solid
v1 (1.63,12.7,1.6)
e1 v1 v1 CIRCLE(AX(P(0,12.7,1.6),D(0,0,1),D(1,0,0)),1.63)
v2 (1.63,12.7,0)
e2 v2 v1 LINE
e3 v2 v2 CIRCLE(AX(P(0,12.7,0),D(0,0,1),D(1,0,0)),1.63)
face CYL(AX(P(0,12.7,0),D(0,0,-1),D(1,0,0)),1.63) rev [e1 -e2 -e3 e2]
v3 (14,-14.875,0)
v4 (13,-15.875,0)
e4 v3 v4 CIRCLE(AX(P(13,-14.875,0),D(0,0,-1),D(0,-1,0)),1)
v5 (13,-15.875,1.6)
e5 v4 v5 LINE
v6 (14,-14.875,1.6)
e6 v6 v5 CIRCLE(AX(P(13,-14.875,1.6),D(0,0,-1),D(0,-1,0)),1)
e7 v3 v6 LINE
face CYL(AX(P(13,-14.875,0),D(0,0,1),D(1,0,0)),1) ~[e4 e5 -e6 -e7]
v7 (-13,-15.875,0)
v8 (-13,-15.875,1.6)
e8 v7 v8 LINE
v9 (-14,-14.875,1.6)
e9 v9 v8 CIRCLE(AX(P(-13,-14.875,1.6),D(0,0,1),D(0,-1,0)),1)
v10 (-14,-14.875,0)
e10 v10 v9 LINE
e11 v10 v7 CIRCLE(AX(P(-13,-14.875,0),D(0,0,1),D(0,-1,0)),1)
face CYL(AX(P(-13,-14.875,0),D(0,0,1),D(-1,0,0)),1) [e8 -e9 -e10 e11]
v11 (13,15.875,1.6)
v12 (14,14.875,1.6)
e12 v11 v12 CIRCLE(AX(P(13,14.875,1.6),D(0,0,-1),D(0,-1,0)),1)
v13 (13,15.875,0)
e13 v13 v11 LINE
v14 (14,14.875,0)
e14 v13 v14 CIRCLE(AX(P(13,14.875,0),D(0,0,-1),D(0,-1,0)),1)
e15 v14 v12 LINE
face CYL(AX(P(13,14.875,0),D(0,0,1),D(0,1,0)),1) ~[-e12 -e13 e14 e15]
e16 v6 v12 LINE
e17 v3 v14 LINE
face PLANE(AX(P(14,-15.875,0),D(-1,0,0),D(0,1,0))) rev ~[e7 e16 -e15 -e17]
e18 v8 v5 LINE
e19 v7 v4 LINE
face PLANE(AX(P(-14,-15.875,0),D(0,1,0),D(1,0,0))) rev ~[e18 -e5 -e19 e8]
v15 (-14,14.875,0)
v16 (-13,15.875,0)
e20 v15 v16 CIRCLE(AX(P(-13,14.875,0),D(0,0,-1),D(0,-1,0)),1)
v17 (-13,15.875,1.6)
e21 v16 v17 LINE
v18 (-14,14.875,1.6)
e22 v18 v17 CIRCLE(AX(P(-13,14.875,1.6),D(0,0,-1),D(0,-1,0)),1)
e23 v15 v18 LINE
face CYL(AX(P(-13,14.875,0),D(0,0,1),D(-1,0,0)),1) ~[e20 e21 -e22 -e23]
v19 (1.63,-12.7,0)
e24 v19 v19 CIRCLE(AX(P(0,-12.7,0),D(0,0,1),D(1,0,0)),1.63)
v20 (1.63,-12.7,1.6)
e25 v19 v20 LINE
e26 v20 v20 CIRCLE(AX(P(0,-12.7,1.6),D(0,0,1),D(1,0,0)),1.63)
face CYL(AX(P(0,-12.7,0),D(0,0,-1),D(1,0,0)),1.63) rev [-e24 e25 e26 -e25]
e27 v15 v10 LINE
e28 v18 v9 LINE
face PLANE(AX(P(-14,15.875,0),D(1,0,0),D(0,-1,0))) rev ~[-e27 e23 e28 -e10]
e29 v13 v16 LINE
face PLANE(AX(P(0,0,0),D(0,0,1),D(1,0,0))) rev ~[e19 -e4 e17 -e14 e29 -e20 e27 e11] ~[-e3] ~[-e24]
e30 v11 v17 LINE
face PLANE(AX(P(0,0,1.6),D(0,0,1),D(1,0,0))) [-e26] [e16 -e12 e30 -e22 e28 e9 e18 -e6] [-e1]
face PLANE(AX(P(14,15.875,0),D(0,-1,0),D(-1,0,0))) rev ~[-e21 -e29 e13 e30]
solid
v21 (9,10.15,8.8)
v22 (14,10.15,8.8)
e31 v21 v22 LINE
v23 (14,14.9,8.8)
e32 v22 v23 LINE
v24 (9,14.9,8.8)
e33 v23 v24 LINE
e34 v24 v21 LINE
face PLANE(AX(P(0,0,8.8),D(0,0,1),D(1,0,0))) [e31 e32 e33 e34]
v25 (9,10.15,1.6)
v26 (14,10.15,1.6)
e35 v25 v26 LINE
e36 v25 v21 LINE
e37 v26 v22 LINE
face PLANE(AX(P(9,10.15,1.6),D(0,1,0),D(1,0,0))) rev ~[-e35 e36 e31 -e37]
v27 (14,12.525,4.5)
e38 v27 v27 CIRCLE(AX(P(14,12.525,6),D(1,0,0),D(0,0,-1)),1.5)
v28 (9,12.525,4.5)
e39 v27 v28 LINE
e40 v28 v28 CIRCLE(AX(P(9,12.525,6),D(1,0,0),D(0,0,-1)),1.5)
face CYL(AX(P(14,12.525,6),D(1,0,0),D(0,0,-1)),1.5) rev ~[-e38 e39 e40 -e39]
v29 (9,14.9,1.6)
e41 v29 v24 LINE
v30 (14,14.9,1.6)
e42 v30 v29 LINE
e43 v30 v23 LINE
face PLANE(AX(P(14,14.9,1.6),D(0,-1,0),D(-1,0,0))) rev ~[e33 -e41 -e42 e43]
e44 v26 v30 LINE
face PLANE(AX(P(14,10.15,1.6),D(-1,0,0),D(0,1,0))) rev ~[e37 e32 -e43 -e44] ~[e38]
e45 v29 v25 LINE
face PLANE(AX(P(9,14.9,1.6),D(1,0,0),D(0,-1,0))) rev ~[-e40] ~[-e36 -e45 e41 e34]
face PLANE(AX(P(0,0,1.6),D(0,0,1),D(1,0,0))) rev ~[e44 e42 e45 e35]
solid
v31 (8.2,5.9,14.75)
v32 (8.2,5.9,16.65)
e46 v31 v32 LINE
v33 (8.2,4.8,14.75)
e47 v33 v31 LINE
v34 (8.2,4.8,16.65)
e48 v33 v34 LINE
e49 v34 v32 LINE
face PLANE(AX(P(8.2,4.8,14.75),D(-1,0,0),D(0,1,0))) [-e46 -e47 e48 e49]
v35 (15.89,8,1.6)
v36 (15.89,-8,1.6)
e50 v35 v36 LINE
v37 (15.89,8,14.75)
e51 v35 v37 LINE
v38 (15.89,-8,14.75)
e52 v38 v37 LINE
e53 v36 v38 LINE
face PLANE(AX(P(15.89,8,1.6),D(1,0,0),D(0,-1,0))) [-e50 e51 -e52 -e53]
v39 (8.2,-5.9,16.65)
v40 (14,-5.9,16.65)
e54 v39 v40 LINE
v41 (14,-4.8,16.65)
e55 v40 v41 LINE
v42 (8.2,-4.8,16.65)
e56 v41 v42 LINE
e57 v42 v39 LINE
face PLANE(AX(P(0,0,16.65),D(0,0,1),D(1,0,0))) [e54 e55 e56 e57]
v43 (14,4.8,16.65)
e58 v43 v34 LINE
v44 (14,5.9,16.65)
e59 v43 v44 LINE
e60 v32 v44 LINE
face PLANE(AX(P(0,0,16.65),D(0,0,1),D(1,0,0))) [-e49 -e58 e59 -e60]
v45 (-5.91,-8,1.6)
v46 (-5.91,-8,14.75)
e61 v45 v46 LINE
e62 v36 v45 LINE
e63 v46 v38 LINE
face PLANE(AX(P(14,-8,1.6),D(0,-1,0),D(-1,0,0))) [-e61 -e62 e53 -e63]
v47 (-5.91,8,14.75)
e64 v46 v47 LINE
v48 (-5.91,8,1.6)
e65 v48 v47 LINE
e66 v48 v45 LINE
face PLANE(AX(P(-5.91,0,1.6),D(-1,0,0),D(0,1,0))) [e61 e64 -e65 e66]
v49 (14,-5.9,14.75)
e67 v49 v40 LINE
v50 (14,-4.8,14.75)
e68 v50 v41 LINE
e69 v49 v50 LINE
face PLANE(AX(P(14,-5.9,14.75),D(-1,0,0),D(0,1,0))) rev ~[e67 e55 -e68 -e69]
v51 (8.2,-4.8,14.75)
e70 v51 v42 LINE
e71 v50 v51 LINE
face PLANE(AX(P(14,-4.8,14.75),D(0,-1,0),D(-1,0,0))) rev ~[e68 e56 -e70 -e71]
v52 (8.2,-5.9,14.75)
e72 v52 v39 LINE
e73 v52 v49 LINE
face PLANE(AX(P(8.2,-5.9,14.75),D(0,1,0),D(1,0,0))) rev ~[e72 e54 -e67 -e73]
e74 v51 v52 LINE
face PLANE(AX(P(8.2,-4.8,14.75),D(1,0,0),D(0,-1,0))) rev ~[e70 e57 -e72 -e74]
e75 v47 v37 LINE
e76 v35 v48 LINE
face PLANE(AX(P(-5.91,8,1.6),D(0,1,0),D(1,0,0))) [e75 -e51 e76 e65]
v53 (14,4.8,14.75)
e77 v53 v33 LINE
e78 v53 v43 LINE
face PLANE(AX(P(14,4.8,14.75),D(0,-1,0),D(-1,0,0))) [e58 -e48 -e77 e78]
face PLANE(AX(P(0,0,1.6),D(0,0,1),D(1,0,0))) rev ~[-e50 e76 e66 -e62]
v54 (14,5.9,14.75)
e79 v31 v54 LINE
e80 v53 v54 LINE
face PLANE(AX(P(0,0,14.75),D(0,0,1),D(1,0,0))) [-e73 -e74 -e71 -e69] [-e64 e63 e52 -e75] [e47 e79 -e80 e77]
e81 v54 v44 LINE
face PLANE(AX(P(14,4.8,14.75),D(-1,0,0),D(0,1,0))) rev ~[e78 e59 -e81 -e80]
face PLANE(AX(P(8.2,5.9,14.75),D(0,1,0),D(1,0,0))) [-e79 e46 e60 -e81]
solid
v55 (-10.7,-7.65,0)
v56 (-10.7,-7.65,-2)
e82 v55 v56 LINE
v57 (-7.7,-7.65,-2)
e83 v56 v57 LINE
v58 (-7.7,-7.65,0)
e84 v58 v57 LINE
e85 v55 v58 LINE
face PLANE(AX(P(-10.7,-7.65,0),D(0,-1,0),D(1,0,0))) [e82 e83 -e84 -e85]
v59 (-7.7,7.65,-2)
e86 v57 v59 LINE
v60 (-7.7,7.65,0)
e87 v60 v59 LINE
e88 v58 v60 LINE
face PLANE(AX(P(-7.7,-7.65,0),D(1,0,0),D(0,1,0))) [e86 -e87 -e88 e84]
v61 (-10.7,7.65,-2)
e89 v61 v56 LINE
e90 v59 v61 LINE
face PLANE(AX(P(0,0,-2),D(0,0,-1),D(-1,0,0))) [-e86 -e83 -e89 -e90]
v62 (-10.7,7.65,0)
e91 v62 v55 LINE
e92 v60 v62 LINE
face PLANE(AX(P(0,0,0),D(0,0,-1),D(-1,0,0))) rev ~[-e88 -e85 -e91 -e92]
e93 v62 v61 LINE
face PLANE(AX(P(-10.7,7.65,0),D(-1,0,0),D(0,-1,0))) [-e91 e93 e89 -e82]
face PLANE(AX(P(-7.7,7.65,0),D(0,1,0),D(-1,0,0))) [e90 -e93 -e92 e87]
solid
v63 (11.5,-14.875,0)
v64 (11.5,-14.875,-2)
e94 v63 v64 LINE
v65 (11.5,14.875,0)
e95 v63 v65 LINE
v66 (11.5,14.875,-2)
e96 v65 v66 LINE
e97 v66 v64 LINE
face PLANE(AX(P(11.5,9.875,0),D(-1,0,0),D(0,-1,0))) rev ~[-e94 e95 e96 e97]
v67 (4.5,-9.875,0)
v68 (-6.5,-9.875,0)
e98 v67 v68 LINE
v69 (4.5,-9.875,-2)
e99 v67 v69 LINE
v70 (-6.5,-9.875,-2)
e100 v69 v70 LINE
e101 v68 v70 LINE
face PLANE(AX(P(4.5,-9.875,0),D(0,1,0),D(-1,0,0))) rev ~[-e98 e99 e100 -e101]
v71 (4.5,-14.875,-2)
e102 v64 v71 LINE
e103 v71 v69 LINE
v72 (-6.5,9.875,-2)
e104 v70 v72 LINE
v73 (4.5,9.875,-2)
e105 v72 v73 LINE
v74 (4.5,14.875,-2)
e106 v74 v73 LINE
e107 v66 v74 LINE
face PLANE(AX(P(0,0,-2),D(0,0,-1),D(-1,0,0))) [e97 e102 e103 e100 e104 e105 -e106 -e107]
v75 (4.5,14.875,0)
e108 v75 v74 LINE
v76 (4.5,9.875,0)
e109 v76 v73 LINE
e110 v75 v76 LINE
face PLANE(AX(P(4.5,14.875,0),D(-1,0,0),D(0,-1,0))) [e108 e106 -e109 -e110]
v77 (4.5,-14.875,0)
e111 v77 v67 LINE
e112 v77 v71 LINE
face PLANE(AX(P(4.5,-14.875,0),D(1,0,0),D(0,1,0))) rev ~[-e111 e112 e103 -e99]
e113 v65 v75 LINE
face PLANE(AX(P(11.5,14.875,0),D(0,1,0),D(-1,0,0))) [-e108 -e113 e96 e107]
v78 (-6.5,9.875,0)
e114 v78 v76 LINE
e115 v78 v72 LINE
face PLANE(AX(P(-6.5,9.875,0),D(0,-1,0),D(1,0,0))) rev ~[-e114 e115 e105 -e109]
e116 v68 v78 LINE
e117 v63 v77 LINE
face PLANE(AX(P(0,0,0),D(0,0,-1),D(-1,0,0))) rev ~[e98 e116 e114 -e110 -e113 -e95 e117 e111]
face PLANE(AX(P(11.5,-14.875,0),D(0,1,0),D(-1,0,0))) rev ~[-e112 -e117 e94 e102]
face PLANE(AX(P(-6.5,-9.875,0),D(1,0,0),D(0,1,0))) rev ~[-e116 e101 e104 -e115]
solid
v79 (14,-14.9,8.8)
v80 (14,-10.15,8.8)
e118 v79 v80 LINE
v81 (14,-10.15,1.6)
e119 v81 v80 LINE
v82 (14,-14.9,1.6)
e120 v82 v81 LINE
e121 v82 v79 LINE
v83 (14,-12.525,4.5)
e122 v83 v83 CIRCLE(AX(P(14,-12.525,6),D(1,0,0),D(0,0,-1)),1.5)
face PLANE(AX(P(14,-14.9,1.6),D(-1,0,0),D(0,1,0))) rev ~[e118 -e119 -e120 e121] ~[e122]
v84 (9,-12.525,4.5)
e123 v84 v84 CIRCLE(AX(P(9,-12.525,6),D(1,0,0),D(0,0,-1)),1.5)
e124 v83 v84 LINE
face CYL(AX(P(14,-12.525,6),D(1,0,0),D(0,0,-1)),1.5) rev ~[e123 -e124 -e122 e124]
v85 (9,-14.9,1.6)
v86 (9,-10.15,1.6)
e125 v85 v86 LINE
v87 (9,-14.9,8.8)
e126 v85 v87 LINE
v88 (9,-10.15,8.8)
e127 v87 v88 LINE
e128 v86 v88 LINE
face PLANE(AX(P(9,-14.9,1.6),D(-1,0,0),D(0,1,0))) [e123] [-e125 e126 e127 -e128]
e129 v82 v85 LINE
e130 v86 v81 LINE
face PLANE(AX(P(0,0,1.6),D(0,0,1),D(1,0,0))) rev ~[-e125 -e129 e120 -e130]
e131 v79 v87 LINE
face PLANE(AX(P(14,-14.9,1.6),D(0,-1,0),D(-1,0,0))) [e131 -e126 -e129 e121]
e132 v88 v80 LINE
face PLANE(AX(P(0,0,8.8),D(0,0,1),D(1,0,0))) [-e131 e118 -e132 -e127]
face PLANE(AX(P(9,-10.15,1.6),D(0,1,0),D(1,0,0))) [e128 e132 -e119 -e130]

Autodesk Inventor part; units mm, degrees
ref_plane "YZ Plane" through (0, 0, 0) normal (1, 0, 0) x (0, 1, 0)
ref_plane "XZ Plane" through (0, 0, 0) normal (0, 1, 0) x (-1, 0, 0)
ref_plane "XY Plane" through (0, 0, 0) normal (0, 0, 1) x (1, 0, 0)
sketch "Sketch1" plane through (0, 0, 0) normal (0, 0, 1) x (1, 0, 0)
  line L0 (-14, -15.875) -> (14, -15.875)
  line L1 (14, -15.875) -> (14, 15.875)
  line L2 (14, 15.875) -> (-14, 15.875)
  line L3 (-14, 15.875) -> (-14, -15.875)
  line L4 (-14, -15.875) -> (14, 15.875) construction
  line L5 (14, -15.875) -> (-14, 15.875) construction
  line L6 (0, 22.225) -> (0, -22.225) construction
  circle A0 centre (0, 12.7) radius 1.63
  line L7 (-19.6, 0) -> (19.6, 0) construction
  circle A1 centre (0, -12.7) radius 1.63
  point P0 (0, 0)
  dimension "d0" = 28
  dimension "d1" = 31.75
  dimension "d2" = 25.4
  dimension "d3" = 3.26
extrude "Extrusion1" add sketch "Sketch1" along normal blind 1.6
sketch "Sketch2" plane through (0, 0, 1.6) normal (0, 0, 1) x (1, 0, 0)
  line L0 (-19.978, 0) -> (21.868, 0) projected
  line L1 (-5.91, 8) -> (15.89, 8)
  line L2 (15.89, 8) -> (15.89, -8)
  line L3 (15.89, -8) -> (-5.91, -8)
  line L4 (-5.91, -8) -> (-5.91, 8)
  line L5 (-5.91, 8) -> (15.89, -8) construction
  line L6 (15.89, 8) -> (-5.91, -8) construction
  line L7 (14, -15.875) -> (14, 15.875) projected
  point P0 (0, 0)
  point P1 (4.99, 0)
  point P2 (14, -8)
  point P3 (14, 8)
  dimension "d6" = 16
  dimension "d7" = 21.8
  dimension "d8" = 1.89
extrude "Extrusion2" add sketch "Sketch2" along normal blind 13.15 separate body
sketch "Sketch3" plane through (0, 0, 14.75) normal (0, 0, 1) x (1, 0, 0)
  line L0 (14, 8) -> (-5.91, 8) projected
  line L1 (-5.91, 8) -> (-5.91, -8) projected
  line L2 (-5.91, -8) -> (14, -8) projected
  line L3 (14, -8) -> (14, 8) projected
  line L4 (14, -4.8) -> (8.2, -4.8)
  line L5 (8.2, -4.8) -> (8.2, -5.9)
  line L6 (8.2, -5.9) -> (14, -5.9)
  line L7 (14, -5.9) -> (14, -4.8)
  line L8 (-19.978, 0) -> (21.868, 0) projected
  line L9 (14, 4.8) -> (8.2, 4.8)
  line L10 (8.2, 4.8) -> (8.2, 5.9)
  line L11 (8.2, 5.9) -> (14, 5.9)
  line L12 (14, 5.9) -> (14, 4.8)
  point P0 (0, 0)
  dimension "d11" = 5.8
  dimension "d12" = 3.2
  dimension "d13" = 1.1
extrude "Extrusion3" add sketch "Sketch3" along normal blind 1.9 contours L3 L9 L10 L11 | L3 L6 L5 L4 bodies 2
sketch "Sketch4" plane through (0, 0, 1.6) normal (0, 0, 1) x (1, 0, 0)
  circle A0 centre (0, -12.7) radius 1.63 projected
  circle A1 centre (0, 12.7) radius 1.63 projected
  line L0 (14, -15.875) -> (14, 15.875) projected
  line L1 (14, 15.875) -> (-14, 15.875) projected
  line L2 (-14, 15.875) -> (-14, -15.875) projected
  line L3 (-14, -15.875) -> (14, -15.875) projected
  line L4 (14, -14.9) -> (9, -14.9)
  line L5 (9, -14.9) -> (9, -10.15)
  line L6 (9, -10.15) -> (14, -10.15)
  line L7 (14, -10.15) -> (14, -14.9)
  line L8 (-19.6, 0) -> (19.6, 0) projected
  line L9 (14, 14.9) -> (9, 14.9)
  line L10 (9, 14.9) -> (9, 10.15)
  line L11 (9, 10.15) -> (14, 10.15)
  line L12 (14, 10.15) -> (14, 14.9)
  point P0 (0, 0)
  point P1 (14, 12.525)
  point P2 (14, -12.525)
  dimension "d16" = 4.75
  dimension "d18" = 25.05
extrude "Extrusion4" add sketch "Sketch4" along normal blind 7.2 separate body contours L4 L5 L6 L0 | L11 L10 L9 L0
sketch "Sketch5" plane through (14, -15.875, 0) normal (1, 0, 0) x (0, 0, -1)
  line L0 (-8.8, 3.35) -> (-3.1193, 3.35) construction
  line L1 (-19.98, 15.875) -> (3.33, 15.875) projected
  circle A0 centre (-6, 3.35) radius 1.5
  line L2 (-1.6, 0) -> (-1.6, 31.75) projected
  circle A1 centre (-6, 28.4) radius 1.5
  line L3 (-8.8, 0.975) -> (-8.8, 5.725) projected
  point P0 (0, 15.875)
  point P1 (-1.6, 5.725)
  point P2 (-1.6, 7.875)
  point P3 (-1.6, 26.025)
  dimension "d21" = 3
  dimension "d22" = 4.4
extrude "Extrusion5" cut sketch "Sketch5" against normal blind 7.2 bodies 3
sketch "Sketch6" plane through (0, 0, 0) normal (0, 0, -1) x (-1, 0, 0)
  line L0 (-19.6, 0) -> (19.6, 0) construction
  line L1 (7.7, 7.65) -> (10.7, 7.65)
  line L2 (10.7, 7.65) -> (10.7, -7.65)
  line L3 (10.7, -7.65) -> (7.7, -7.65)
  line L4 (7.7, -7.65) -> (7.7, 7.65)
  line L5 (7.7, 7.65) -> (10.7, -7.65) construction
  line L6 (10.7, 7.65) -> (7.7, -7.65) construction
  line L7 (14, 15.875) -> (14, -15.875) projected
  point P0 (0, 0)
  point P1 (9.2, 0)
  dimension "d25" = 15.3
  dimension "d26" = 3
  dimension "d27" = 3.3
extrude "Extrusion6" add sketch "Sketch6" along normal blind 2 separate body
sketch "Sketch7" plane through (0, 0, 0) normal (0, 0, -1) x (-1, 0, 0)
  line L0 (-19.6, 0) -> (19.6, 0) construction
  line L1 (6.5, 9.875) -> (-11.5, 9.875)
  line L2 (-11.5, 9.875) -> (-11.5, -9.875)
  line L3 (-11.5, -9.875) -> (6.5, -9.875)
  line L4 (6.5, -9.875) -> (6.5, 9.875)
  line L5 (6.5, 9.875) -> (-11.5, -9.875) construction
  line L6 (-11.5, 9.875) -> (6.5, -9.875) construction
  line L7 (-4.5, -9.875) -> (-11.5, -9.875)
  line L8 (-11.5, -9.875) -> (-11.5, -14.875)
  line L9 (-11.5, -14.875) -> (-4.5, -14.875)
  line L10 (-4.5, -14.875) -> (-4.5, -9.875)
  line L11 (-4.5, 9.875) -> (-11.5, 9.875)
  line L12 (-11.5, 9.875) -> (-11.5, 14.875)
  line L13 (-11.5, 14.875) -> (-4.5, 14.875)
  line L14 (-4.5, 14.875) -> (-4.5, 9.875)
  line L15 (14, -15.875) -> (-14, -15.875) projected
  line L16 (-14, -15.875) -> (-14, 15.875) projected
  point P0 (0, 0)
  point P1 (-2.5, 0)
  point P2 (-11.5, 9.875)
  dimension "d30" = 1
  dimension "d31" = 2.5
  dimension "d32" = 2.5
  dimension "d33" = 5
  dimension "d34" = 7
  dimension "d35" = 18
extrude "Extrusion7" add sketch "Sketch7" along normal blind 2 separate body
fillet "Fillet1" radius 1 4 edges at (14, 15.875, 0.8) (-14, 15.875, 0.8) (-14, -15.875, 0.8) (14, -15.875, 0.8)
equation "\"d32\" = d31"
properties part number "EGPL-T101-C1_DB"
